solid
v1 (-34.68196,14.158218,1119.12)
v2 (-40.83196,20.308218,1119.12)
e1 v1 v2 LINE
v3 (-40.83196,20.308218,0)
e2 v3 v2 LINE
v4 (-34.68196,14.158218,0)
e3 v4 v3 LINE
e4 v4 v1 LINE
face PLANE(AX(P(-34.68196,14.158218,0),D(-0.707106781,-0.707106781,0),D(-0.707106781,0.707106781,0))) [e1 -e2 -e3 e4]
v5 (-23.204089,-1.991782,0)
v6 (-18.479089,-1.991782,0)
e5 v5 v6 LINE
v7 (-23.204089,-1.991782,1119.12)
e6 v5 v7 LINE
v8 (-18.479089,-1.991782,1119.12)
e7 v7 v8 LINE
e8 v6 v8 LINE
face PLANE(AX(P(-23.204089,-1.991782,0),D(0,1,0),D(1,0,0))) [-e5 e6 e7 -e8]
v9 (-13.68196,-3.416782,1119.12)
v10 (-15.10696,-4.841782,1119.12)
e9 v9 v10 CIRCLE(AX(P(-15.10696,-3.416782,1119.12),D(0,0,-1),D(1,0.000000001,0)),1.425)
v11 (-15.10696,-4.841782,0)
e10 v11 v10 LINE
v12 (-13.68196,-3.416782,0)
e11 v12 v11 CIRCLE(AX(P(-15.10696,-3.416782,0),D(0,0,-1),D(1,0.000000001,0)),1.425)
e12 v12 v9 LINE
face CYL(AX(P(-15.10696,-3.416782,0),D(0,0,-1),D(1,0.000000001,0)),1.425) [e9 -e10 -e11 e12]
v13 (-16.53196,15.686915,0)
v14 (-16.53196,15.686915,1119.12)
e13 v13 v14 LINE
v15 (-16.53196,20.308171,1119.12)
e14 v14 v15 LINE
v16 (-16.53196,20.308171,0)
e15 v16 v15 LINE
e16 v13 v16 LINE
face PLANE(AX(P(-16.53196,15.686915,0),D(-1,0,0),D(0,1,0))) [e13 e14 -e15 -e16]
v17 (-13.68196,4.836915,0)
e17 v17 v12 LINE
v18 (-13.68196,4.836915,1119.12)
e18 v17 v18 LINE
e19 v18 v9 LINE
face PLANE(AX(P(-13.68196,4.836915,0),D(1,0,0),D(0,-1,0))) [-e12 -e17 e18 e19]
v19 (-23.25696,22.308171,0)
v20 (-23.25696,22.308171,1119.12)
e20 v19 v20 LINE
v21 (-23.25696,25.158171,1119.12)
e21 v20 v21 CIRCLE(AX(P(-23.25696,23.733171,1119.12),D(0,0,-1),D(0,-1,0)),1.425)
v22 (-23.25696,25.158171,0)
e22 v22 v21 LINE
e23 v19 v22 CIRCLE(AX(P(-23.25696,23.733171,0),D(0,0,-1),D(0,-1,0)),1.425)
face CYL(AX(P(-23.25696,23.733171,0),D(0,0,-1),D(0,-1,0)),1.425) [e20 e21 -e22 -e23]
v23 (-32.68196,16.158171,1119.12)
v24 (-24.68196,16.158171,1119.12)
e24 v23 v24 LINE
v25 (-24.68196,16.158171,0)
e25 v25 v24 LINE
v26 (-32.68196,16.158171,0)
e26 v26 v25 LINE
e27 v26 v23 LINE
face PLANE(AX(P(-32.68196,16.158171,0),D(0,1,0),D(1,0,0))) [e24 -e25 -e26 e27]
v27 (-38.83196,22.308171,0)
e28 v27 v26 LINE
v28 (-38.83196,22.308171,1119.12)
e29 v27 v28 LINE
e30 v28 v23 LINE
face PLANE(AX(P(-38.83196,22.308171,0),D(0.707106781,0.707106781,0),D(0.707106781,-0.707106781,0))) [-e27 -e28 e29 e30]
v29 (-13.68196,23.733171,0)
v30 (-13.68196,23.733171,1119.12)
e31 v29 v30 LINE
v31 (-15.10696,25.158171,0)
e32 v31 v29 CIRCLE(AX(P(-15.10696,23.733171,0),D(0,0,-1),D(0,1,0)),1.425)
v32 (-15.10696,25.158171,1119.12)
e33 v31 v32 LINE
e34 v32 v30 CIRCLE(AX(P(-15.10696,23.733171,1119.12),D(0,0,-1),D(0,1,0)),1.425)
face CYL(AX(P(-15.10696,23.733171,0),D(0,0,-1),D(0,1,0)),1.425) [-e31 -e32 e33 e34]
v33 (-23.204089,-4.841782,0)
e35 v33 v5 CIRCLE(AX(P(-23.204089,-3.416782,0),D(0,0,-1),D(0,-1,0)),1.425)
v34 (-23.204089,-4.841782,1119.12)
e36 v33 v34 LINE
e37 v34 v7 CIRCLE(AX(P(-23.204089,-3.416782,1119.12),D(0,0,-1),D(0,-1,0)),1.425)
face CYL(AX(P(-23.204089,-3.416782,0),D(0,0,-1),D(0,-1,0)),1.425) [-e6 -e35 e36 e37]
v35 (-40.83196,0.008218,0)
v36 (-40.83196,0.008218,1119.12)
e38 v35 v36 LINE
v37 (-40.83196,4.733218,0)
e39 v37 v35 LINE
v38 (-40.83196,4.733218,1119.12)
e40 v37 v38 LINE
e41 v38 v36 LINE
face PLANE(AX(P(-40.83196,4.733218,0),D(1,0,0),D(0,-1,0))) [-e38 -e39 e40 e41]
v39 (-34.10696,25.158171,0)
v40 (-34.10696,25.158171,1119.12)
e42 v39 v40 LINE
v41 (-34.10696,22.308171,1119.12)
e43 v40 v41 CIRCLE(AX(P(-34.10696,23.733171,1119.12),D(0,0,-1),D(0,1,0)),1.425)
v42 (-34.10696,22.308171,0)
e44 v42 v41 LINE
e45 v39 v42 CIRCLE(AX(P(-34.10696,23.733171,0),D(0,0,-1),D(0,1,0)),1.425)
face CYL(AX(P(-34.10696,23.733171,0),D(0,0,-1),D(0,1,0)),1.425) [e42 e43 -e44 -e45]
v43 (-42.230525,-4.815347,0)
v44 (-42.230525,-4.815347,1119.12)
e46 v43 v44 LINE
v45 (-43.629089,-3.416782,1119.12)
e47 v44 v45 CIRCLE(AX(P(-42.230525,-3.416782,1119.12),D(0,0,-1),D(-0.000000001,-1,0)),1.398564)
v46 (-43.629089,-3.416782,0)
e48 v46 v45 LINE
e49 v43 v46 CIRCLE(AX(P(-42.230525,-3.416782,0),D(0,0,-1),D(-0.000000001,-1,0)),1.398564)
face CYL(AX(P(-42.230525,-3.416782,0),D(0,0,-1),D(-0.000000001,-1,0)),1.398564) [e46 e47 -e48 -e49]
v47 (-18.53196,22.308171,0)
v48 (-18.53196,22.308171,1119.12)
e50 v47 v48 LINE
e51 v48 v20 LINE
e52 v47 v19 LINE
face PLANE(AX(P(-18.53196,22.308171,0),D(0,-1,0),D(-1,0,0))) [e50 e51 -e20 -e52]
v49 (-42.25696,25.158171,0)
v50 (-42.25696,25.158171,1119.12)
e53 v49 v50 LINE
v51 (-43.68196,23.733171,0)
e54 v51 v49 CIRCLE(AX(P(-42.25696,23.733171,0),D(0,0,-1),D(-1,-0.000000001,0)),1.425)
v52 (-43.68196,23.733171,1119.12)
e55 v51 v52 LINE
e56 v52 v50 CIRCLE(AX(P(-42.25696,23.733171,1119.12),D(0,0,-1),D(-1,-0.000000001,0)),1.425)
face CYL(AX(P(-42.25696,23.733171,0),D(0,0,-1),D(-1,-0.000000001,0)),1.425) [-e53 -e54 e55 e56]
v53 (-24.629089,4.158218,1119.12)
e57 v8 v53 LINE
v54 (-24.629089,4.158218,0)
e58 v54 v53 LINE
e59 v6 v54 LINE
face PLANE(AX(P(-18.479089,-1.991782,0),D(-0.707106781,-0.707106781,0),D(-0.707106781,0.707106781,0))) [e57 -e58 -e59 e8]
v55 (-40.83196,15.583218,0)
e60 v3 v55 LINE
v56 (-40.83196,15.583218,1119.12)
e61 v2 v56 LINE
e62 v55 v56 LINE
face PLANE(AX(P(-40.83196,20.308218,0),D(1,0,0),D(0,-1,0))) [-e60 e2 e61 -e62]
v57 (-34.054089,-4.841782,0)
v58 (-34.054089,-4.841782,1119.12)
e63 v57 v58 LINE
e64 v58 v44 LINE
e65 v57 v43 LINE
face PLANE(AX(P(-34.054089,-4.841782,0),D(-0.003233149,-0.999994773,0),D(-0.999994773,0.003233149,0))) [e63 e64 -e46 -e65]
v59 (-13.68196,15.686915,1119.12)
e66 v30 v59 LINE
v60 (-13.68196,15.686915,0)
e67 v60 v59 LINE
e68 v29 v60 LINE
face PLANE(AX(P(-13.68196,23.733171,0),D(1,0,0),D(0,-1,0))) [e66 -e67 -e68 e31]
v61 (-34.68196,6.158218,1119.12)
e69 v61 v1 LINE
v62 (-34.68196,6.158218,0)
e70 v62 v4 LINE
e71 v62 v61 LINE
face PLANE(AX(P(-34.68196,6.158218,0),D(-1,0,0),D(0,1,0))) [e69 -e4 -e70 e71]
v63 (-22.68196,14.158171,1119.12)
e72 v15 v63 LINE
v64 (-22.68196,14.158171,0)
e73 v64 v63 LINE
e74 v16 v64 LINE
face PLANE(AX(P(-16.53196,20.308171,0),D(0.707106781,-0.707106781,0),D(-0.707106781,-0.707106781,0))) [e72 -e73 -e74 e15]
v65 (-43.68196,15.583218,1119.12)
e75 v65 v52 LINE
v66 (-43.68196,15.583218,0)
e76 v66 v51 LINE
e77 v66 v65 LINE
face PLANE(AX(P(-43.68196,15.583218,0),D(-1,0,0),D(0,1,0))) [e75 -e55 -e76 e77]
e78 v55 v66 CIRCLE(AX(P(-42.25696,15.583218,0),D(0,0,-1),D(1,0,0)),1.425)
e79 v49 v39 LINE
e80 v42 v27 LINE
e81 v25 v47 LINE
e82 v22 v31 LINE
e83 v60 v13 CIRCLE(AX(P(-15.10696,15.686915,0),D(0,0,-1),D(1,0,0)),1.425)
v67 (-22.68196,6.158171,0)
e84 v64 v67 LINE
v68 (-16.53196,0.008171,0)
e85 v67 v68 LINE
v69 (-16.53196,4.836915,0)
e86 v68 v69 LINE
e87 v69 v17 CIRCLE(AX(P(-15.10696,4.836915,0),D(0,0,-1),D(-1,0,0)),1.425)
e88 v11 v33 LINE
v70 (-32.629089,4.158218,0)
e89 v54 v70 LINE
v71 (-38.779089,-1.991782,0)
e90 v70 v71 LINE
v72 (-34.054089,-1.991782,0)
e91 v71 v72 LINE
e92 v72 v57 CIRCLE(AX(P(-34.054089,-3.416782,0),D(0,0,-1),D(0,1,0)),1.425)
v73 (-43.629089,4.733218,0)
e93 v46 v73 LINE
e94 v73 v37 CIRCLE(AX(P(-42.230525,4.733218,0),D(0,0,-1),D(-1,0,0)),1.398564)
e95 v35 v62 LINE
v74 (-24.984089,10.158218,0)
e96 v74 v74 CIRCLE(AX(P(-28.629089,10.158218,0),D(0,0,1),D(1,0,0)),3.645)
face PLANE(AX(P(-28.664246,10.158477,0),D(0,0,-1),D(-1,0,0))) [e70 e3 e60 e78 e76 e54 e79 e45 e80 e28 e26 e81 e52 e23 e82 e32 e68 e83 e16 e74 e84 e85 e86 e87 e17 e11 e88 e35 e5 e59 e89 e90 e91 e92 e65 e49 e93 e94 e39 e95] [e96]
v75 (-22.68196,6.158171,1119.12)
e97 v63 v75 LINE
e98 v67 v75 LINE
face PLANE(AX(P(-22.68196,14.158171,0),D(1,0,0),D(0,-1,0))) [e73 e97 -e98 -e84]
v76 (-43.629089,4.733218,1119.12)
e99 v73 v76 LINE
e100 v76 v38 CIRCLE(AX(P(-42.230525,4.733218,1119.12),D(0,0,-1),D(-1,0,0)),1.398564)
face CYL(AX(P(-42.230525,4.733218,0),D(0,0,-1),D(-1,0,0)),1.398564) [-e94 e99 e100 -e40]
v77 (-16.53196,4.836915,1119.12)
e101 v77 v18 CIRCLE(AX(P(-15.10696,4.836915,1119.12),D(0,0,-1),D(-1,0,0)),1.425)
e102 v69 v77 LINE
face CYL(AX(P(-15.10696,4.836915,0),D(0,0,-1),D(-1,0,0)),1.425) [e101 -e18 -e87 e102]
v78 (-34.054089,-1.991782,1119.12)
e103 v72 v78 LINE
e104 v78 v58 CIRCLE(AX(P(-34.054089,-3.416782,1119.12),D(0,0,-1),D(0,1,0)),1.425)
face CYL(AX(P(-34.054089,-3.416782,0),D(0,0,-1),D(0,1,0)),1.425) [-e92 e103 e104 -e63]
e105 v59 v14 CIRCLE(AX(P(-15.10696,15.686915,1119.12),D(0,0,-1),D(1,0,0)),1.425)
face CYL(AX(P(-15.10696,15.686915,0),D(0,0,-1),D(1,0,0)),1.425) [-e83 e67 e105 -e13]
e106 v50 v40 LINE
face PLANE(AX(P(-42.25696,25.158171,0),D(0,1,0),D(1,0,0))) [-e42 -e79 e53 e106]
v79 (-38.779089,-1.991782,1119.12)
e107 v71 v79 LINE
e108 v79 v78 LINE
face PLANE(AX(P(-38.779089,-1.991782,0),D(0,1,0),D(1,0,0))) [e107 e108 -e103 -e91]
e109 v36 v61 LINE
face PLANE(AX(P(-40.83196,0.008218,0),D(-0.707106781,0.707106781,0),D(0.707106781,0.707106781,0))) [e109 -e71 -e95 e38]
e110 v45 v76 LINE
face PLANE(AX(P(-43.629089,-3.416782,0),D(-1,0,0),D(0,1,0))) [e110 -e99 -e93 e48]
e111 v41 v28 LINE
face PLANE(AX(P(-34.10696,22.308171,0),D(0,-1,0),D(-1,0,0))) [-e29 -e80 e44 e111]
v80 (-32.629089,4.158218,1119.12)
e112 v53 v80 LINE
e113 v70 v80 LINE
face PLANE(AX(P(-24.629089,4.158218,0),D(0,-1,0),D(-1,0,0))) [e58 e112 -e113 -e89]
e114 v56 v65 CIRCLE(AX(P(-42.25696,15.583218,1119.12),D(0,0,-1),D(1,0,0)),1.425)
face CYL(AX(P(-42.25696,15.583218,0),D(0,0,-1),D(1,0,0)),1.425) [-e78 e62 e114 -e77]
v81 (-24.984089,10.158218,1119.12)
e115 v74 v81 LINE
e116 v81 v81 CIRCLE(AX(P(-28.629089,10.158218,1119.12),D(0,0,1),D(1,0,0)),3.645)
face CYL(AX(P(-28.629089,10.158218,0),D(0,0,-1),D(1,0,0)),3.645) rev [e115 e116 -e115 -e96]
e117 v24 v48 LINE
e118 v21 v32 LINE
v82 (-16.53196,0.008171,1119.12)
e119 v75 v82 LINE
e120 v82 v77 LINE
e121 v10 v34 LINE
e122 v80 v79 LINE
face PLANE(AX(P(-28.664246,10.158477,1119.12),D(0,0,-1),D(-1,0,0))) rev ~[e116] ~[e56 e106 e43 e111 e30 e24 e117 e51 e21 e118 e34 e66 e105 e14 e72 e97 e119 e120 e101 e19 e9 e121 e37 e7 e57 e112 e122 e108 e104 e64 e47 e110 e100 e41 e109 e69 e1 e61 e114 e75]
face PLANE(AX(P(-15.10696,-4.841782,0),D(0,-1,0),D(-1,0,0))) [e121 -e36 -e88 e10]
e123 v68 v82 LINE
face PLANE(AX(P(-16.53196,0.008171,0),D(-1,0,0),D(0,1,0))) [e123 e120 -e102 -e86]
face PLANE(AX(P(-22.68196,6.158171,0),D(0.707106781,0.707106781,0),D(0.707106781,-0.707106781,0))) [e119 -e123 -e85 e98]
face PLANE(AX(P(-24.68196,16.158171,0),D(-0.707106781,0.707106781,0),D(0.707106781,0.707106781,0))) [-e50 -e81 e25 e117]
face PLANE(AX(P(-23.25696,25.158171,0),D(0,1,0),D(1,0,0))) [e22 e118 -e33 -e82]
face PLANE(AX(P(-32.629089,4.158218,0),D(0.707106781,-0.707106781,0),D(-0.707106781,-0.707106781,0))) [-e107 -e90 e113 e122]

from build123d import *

# Parameters (mm, degrees)
CROQUIS1_R              = 3.645
SALIENTE_EXTRUIR1_DEPTH = 1119.12


with BuildPart() as part:
    # Croquis1 → Saliente-Extruir1 (new body)
    with BuildSketch(Plane.XY):
        with BuildLine():
            Line((-23.20408883, -1.991782405), (-18.47908883, -1.991782405))
            Line((-18.47908883, -1.991782405), (-24.62908883, 4.158217595))
            Line((-24.62908883, 4.158217595), (-32.62908883, 4.158217595))
            Line((-32.62908883, 4.158217595), (-38.77908883, -1.991782405))
            Line((-38.77908883, -1.991782405), (-34.05408883, -1.991782405))
            ThreePointArc((-34.05408883, -1.991782405), (-32.62908883, -3.416782405), (-34.05408883, -4.841782405))
            Line((-34.05408883, -4.841782405), (-42.230524603, -4.815346633))
            ThreePointArc((-42.230524603, -4.815346633), (-43.219458852, -4.405716654), (-43.62908883, -3.416782405))
            Line((-43.62908883, -3.416782405), (-43.62908883, 4.733217595))
            ThreePointArc((-43.62908883, 4.733217595), (-42.230524603, 6.131781822), (-40.831960375, 4.733217595))
            Line((-40.831960375, 4.733217595), (-40.831960375, 0.008217595))
            Line((-40.831960375, 0.008217595), (-34.681960375, 6.158217595))
            Line((-34.681960375, 6.158217595), (-34.681960375, 14.158217595))
            Line((-34.681960375, 14.158217595), (-40.831960375, 20.308217595))
            Line((-40.831960375, 20.308217595), (-40.831960375, 15.583217595))
            ThreePointArc((-40.831960375, 15.583217595), (-42.256960375, 14.158217595), (-43.681960375, 15.583217595))
            Line((-43.681960375, 15.583217595), (-43.681960375, 23.733171005))
            ThreePointArc((-43.681960375, 23.733171005), (-43.264587539, 24.740798168), (-42.256960375, 25.158171005))
            Line((-42.256960375, 25.158171005), (-34.106960375, 25.158171005))
            ThreePointArc((-34.106960375, 25.158171005), (-32.681960375, 23.733171005), (-34.106960375, 22.308171005))
            Line((-34.106960375, 22.308171005), (-38.831960375, 22.308171005))
            Line((-38.831960375, 22.308171005), (-32.681960375, 16.158171005))
            Line((-32.681960375, 16.158171005), (-24.681960375, 16.158171005))
            Line((-24.681960375, 16.158171005), (-18.531960375, 22.308171005))
            Line((-18.531960375, 22.308171005), (-23.256960375, 22.308171005))
            ThreePointArc((-23.256960375, 22.308171005), (-24.681960375, 23.733171005), (-23.256960375, 25.158171005))
            Line((-23.256960375, 25.158171005), (-15.106960375, 25.158171005))
            ThreePointArc((-15.106960375, 25.158171005), (-14.099333212, 24.740798168), (-13.681960375, 23.733171005))
            Line((-13.681960375, 23.733171005), (-13.681960375, 15.68691469))
            ThreePointArc((-13.681960375, 15.68691469), (-15.106960375, 14.26191469), (-16.531960375, 15.68691469))
            Line((-16.531960375, 15.68691469), (-16.531960375, 20.308171005))
            Line((-16.531960375, 20.308171005), (-22.681960375, 14.158171005))
            Line((-22.681960375, 14.158171005), (-22.681960375, 6.158171005))
            Line((-22.681960375, 6.158171005), (-16.531960375, 0.008171005))
            Line((-16.531960375, 0.008171005), (-16.531960375, 4.83691469))
            ThreePointArc((-16.531960375, 4.83691469), (-15.106960375, 6.26191469), (-13.681960375, 4.83691469))
            Line((-13.681960375, 4.83691469), (-13.681960375, -3.416782405))
            ThreePointArc((-13.681960375, -3.416782405), (-14.099333212, -4.424409569), (-15.106960375, -4.841782405))
            Line((-15.106960375, -4.841782405), (-23.20408883, -4.841782405))
            ThreePointArc((-23.20408883, -4.841782405), (-24.62908883, -3.416782405), (-23.20408883, -1.991782405))
        make_face()
        with Locations((-28.62908883, 10.158217595)):
            Circle(CROQUIS1_R, mode=Mode.SUBTRACT)
    extrude(amount=SALIENTE_EXTRUIR1_DEPTH)


solid = part.part
